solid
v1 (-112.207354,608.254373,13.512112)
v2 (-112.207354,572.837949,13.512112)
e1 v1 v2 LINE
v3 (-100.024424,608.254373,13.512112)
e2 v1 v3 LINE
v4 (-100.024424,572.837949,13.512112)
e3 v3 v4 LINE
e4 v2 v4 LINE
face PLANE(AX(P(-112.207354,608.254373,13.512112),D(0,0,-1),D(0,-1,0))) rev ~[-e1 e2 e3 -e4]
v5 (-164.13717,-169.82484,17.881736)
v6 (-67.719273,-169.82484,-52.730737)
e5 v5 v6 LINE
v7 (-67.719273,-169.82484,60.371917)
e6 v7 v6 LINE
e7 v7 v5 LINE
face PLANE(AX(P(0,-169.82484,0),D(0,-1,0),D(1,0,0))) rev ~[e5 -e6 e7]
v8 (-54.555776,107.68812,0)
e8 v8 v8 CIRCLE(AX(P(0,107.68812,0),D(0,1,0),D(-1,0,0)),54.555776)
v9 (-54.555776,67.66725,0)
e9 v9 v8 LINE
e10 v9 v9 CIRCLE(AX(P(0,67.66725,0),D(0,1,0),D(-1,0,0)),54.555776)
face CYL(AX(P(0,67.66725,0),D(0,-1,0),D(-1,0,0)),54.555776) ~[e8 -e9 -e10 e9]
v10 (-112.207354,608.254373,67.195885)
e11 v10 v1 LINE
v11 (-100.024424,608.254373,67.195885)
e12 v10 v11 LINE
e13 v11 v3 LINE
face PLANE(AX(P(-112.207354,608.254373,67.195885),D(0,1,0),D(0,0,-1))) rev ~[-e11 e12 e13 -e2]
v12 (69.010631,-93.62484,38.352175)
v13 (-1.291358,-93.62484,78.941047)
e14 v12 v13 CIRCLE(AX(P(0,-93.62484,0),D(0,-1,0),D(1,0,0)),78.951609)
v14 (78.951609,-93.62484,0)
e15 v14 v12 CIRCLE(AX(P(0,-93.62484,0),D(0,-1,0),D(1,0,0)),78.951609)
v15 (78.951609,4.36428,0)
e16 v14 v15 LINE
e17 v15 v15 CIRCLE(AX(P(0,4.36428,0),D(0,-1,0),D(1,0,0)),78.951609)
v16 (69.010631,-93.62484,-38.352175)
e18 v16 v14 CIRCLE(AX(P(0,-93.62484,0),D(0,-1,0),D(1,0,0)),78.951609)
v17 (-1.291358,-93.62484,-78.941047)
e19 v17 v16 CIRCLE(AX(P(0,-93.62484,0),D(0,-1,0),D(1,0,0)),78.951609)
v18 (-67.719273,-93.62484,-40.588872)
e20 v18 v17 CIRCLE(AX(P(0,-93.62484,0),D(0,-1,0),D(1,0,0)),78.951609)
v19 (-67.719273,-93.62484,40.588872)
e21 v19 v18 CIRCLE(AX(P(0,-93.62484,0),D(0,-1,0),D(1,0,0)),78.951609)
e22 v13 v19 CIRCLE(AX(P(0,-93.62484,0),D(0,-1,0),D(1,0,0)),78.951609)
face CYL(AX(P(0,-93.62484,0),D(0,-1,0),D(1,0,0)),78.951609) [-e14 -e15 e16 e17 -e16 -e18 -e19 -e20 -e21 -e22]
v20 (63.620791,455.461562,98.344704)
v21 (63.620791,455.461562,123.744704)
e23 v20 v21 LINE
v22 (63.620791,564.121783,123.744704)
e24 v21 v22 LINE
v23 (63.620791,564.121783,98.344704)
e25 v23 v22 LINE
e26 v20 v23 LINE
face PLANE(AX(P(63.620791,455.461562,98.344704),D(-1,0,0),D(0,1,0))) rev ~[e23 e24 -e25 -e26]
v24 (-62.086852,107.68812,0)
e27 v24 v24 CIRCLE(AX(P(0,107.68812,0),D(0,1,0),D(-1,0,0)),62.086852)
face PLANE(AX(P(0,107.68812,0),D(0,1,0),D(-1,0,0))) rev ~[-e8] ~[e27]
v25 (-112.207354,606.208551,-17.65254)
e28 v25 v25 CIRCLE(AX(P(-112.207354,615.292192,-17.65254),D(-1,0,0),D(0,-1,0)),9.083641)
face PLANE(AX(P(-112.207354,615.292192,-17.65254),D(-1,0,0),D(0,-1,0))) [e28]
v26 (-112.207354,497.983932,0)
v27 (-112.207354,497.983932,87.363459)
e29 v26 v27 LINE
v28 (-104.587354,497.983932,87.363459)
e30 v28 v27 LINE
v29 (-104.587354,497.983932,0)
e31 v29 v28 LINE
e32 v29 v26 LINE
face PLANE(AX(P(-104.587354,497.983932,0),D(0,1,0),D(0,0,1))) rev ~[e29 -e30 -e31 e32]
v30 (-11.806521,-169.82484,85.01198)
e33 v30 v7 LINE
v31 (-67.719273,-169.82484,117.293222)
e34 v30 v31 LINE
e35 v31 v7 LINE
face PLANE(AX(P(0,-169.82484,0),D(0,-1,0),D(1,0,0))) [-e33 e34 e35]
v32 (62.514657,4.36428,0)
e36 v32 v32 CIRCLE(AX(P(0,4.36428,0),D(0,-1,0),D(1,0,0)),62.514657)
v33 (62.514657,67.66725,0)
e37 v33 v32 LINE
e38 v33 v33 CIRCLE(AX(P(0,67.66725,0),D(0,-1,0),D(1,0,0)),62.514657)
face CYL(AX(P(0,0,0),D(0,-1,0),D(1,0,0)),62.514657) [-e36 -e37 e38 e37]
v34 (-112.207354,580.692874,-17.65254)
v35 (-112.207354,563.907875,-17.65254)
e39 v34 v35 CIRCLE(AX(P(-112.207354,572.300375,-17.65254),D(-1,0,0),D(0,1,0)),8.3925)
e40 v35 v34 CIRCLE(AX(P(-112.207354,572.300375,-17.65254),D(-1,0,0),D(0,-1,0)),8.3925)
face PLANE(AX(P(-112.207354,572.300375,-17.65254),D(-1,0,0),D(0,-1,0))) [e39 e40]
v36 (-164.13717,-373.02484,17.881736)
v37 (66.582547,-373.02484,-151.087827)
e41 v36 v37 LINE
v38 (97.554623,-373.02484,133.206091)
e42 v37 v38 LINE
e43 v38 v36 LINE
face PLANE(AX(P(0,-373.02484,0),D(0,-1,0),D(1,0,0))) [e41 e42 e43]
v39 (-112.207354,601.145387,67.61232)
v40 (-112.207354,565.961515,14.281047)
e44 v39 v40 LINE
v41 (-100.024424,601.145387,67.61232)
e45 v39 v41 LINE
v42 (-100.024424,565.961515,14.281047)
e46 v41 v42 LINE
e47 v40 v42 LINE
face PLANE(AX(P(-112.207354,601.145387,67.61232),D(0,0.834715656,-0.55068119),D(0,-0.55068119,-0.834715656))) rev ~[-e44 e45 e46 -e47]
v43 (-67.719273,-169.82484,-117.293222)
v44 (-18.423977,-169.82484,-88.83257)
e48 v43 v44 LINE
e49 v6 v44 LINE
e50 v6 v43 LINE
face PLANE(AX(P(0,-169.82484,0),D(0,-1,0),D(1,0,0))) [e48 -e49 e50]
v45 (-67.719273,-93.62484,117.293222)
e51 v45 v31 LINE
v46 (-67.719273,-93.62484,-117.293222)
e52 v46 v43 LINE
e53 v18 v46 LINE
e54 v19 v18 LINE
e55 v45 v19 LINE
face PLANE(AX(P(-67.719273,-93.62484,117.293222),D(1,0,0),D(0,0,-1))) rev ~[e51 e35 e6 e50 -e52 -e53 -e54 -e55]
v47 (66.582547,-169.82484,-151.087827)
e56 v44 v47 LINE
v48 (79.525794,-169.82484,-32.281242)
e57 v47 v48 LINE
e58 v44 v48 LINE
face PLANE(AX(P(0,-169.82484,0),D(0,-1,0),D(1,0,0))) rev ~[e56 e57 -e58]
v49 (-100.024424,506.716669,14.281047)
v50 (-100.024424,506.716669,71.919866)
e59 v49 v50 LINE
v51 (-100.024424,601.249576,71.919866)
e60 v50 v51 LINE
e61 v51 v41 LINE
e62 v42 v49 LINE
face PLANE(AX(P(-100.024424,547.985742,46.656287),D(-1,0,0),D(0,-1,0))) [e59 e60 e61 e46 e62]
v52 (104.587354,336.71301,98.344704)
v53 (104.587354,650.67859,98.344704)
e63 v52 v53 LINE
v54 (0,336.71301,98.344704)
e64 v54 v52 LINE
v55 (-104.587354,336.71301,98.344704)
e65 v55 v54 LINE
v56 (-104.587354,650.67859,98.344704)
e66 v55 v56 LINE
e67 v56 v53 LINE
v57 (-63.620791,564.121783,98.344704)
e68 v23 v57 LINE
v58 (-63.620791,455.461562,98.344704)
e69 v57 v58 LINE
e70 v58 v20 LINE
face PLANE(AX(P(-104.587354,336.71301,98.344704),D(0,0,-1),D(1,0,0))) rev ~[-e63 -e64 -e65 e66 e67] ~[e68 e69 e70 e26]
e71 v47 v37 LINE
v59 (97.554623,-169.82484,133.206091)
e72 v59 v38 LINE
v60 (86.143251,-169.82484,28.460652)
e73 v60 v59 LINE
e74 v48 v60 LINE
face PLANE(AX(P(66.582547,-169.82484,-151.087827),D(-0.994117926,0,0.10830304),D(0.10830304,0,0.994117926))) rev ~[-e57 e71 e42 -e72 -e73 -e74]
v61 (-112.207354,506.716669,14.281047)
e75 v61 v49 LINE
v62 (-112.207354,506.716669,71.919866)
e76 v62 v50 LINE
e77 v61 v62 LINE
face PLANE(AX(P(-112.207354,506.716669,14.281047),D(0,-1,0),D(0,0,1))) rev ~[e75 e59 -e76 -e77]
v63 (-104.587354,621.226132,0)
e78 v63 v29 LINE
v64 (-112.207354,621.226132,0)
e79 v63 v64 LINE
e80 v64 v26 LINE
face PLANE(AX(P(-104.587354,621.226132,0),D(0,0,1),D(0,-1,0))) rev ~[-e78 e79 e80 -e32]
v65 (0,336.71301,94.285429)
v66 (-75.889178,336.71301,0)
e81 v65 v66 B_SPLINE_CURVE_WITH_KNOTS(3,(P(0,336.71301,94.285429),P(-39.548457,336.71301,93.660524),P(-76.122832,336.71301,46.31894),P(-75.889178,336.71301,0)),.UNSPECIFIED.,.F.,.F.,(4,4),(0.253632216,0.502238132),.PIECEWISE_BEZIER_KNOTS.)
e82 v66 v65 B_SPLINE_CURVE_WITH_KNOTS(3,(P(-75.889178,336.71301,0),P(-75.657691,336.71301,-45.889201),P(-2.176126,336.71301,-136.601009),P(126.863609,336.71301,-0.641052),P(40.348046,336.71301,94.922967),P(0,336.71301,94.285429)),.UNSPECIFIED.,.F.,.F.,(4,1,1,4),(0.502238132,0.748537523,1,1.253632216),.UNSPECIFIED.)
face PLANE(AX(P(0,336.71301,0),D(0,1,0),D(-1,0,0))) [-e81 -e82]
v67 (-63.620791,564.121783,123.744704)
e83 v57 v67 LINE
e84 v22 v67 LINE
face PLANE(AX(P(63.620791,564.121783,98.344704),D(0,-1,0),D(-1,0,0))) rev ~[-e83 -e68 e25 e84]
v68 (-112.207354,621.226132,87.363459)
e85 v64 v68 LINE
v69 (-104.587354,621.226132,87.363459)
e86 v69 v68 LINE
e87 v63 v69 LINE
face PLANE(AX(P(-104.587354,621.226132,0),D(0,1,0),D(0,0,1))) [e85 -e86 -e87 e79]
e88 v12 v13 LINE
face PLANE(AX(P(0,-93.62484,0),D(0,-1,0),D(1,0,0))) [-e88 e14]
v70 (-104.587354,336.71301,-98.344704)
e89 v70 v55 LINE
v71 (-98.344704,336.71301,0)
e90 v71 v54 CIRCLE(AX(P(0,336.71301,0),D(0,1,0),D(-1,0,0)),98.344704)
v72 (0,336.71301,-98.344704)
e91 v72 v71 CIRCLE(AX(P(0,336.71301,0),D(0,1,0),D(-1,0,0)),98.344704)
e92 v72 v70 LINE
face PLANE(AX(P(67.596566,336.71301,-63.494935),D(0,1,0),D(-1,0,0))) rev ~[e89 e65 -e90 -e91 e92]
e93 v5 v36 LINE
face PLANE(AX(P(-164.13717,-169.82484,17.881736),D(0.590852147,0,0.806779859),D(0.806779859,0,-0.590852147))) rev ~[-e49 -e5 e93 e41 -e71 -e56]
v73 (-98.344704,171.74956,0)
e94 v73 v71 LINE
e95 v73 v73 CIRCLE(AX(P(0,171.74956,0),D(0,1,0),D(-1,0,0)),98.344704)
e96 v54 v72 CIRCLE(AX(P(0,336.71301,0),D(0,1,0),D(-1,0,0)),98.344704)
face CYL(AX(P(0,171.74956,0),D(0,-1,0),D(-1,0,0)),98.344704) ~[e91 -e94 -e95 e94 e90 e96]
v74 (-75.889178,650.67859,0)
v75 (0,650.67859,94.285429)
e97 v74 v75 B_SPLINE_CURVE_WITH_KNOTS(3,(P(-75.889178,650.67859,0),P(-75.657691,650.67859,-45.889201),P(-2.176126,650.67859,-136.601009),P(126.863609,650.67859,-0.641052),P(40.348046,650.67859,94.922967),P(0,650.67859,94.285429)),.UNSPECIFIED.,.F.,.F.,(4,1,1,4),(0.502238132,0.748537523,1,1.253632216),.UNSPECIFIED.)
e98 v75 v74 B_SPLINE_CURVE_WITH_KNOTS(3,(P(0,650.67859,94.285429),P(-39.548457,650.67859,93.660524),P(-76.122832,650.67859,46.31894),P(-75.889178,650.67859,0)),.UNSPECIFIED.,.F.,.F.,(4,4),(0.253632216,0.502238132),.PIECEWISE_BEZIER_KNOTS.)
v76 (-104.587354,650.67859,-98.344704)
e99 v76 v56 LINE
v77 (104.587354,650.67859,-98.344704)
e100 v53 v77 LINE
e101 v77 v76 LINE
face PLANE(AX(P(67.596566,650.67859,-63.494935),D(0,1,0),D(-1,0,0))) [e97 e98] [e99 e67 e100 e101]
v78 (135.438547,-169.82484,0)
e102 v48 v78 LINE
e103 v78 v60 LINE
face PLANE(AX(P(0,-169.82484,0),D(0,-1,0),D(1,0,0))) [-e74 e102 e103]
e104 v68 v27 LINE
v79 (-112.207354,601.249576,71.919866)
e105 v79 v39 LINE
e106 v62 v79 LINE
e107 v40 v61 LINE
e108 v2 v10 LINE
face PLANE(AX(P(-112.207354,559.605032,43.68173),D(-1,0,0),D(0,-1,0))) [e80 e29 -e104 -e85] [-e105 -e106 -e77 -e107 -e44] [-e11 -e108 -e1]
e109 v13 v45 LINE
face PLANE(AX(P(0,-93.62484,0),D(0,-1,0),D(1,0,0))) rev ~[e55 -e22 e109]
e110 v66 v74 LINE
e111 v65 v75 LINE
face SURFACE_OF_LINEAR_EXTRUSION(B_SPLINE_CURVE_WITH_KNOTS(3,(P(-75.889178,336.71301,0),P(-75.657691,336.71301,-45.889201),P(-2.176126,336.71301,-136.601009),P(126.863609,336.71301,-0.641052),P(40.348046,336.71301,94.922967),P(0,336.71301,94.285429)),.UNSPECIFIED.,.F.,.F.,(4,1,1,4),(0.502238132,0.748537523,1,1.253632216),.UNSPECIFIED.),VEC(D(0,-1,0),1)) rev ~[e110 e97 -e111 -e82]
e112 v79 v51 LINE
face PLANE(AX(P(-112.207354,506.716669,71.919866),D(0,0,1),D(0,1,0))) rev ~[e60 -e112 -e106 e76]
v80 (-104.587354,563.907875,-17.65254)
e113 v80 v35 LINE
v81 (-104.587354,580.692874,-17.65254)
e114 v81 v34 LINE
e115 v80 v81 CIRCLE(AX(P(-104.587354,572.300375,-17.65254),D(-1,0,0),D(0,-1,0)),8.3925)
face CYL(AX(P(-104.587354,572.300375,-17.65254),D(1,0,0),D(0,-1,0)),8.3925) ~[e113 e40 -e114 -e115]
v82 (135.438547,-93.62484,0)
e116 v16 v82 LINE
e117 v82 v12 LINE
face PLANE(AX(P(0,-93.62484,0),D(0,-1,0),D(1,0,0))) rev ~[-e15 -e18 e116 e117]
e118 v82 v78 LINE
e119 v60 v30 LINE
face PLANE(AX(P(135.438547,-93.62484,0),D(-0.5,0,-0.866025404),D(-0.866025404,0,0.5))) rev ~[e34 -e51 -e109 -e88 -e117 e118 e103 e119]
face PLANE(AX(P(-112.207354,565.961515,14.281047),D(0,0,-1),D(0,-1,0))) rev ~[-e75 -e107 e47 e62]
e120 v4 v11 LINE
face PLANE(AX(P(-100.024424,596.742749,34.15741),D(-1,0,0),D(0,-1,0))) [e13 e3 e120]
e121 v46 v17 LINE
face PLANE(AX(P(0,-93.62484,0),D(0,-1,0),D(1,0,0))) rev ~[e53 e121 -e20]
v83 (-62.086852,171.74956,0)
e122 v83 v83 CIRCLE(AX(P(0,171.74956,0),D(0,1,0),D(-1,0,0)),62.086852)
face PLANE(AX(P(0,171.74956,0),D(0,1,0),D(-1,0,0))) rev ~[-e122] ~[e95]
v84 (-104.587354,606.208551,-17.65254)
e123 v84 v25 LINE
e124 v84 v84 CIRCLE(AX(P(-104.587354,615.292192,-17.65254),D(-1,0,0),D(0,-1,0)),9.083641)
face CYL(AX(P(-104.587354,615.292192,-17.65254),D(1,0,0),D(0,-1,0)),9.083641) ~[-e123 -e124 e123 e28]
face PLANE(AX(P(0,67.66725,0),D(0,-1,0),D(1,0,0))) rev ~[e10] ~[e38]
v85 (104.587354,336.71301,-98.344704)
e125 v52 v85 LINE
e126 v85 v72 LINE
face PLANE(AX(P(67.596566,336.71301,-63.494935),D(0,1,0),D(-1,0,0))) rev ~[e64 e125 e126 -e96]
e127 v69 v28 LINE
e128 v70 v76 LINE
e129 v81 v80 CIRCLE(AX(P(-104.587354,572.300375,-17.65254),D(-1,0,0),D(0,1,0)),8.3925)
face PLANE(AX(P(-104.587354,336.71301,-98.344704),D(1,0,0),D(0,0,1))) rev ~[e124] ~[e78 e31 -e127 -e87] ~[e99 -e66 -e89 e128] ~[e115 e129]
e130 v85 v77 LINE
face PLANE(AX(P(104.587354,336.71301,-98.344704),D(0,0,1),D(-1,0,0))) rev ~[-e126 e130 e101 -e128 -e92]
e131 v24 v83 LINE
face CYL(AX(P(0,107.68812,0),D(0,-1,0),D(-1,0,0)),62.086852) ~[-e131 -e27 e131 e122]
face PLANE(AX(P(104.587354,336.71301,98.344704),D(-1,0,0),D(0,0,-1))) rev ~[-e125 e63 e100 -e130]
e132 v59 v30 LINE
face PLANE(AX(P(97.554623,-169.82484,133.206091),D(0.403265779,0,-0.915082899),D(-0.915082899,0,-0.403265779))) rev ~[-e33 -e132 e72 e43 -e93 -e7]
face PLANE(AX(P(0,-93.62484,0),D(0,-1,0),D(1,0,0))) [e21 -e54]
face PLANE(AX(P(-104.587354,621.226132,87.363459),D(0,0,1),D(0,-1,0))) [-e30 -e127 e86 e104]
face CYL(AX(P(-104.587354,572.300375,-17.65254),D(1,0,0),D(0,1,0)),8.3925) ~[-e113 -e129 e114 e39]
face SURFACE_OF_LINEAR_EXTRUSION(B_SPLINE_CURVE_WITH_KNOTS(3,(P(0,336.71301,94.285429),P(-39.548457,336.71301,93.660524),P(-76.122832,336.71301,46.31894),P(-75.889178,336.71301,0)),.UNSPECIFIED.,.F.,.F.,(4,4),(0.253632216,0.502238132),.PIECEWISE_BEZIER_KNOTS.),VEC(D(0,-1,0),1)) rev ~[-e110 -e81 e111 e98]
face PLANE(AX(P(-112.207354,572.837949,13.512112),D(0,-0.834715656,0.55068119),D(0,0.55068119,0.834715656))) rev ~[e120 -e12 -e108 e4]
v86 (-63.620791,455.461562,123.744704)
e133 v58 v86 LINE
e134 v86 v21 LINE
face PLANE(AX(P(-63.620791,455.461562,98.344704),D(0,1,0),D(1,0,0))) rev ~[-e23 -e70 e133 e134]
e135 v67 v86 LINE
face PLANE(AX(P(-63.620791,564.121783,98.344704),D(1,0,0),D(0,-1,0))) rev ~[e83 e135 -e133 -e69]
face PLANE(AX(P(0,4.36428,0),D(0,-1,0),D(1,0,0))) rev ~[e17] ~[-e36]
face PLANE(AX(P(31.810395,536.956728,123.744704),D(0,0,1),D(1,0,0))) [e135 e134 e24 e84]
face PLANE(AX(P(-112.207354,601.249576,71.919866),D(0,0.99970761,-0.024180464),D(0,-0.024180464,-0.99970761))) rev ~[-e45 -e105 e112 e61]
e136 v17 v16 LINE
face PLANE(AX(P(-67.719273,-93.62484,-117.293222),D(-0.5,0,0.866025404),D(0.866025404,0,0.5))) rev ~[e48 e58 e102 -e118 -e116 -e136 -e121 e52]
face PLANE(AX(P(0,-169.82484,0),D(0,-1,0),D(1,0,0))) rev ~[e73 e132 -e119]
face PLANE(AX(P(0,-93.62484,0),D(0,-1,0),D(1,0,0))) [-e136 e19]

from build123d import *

# Parameters (mm, degrees)
F0_R          = 62.5146568837
F1_DEPTH      = 93.62484
F1_DEPTH_BACK = 67.66725
F2_R          = 78.9516087872
F3_DEPTH      = 97.98912
F4_R          = 54.5557763687
F5_DEPTH      = 40.02087
F6_R          = 62.0868515923
F7_DEPTH      = 64.06144
F8_R          = 98.3447043225
F9_DEPTH      = 164.96345
F11_DEPTH     = 313.96558
F12_W         = 63.6207908392
F12_H         = 54.3301105499
F13_DEPTH     = 25.4
F15_DEPTH     = 76.2
F17_DEPTH     = 203.2
F18_W         = 123.2421994209
F18_H         = 87.3634591699
F18_R         = 9.0836409793
F20_DEPTH     = 7.62
F22_DEPTH     = 12.18293


with BuildPart() as f1:
    # F0 (on Front) → F1 (new body, two sides)
    with BuildSketch(Plane.XZ) as f1_sk:
        Circle(F0_R)
    extrude(amount=F1_DEPTH)
    extrude(f1_sk.sketch, amount=-F1_DEPTH_BACK)

    # F2 (on face) → F3 (join)
    with BuildSketch(Plane.XZ.offset(93.62484)):
        Circle(F2_R)
    extrude(amount=-F3_DEPTH)

    # F4 (on face) → F5 (join)
    with BuildSketch(Plane(origin=(0, 67.66725, 0), x_dir=(-1, 0, 0), z_dir=(0, 1, 0))):
        Circle(F4_R)
    extrude(amount=F5_DEPTH)

    # F6 (on face) → F7 (join)
    with BuildSketch(Plane(origin=(0, 107.68812, 0), x_dir=(-1, 0, 0), z_dir=(0, 1, 0))):
        Circle(F6_R)
    extrude(amount=F7_DEPTH)

    # F8 (on face) → F9 (join)
    with BuildSketch(Plane(origin=(0, 171.74956, 0), x_dir=(-1, 0, 0), z_dir=(0, 1, 0))):
        Circle(F8_R)
    extrude(amount=F9_DEPTH)

    # F10 (on face) → F11 (join)
    with BuildSketch(Plane(origin=(0, 336.71301, 0), x_dir=(-1, 0, 0), z_dir=(0, 1, 0))):
        with BuildLine():
            add(Edge.make_bspline(
                [(0, -91.3981422782), (-40.1217959726, -92.0347084682), (-83.3063936827, -46.5341806253), (-83.5479795933, 0)],
                knots=[0.748537523, 0.748537523, 0.748537523, 0.748537523, 1, 1, 1, 1], degree=3))
            Line((-83.5479795933, 0), (-104.587353766, 0))
            Line((-104.587353766, 0), (-104.587353766, -98.3447043225))
            Line((-104.587353766, -98.3447043225), (0, -98.3447043225))
            Line((0, -98.3447043225), (0, -91.3981422782))
        make_face()
        with BuildLine():
            Line((-104.587353766, 0), (-83.5479795933, 0))
            add(Edge.make_bspline(
                [(-83.5479795933, 0), (-83.7916500228, 46.9356998238), (-40.34804577, 94.9229670887), (0, 94.285428524)],
                knots=[0, 0, 0, 0, 0.2536322157, 0.2536322157, 0.2536322157, 0.2536322157], degree=3))
            Line((0, 94.285428524), (0, 98.3447043225))
            Line((0, 98.3447043225), (-104.587353766, 98.3447043225))
            Line((-104.587353766, 98.3447043225), (-104.587353766, 0))
        make_face()
        with BuildLine():
            Line((0, 98.3447043225), (0, 94.285428524))
            add(Edge.make_bspline(
                [(0, 94.285428524), (39.5484573968, 93.6605242373), (76.1228316851, 46.3189404004), (75.8891776204, 0)],
                knots=[0.2536322157, 0.2536322157, 0.2536322157, 0.2536322157, 0.5022381317, 0.5022381317, 0.5022381317, 0.5022381317], degree=3))
            Line((75.8891776204, 0), (104.587353766, 0))
            Line((104.587353766, 0), (104.587353766, 98.3447043225))
            Line((104.587353766, 98.3447043225), (0, 98.3447043225))
        make_face()
        with BuildLine():
            Line((104.587353766, 0), (75.8891776204, 0))
            add(Edge.make_bspline(
                [(75.8891776204, 0), (75.6576913596, -45.8892009211), (39.2980059924, -90.7746462122), (0, -91.3981422782)],
                knots=[0.5022381317, 0.5022381317, 0.5022381317, 0.5022381317, 0.748537523, 0.748537523, 0.748537523, 0.748537523], degree=3))
            Line((0, -91.3981422782), (0, -98.3447043225))
            Line((0, -98.3447043225), (104.587353766, -98.3447043225))
            Line((104.587353766, -98.3447043225), (104.587353766, 0))
        make_face()
    extrude(amount=F11_DEPTH)

    # F12 (on face) → F13 (join)
    with BuildSketch(Plane.XY.offset(98.3447043225)):
        with Locations((31.8103954196, 536.9567275047)):
            Rectangle(F12_W, F12_H)
        with Locations((-31.8103954196, 536.9567275047)):
            Rectangle(F12_W, F12_H)
        with Locations((31.8103954196, 482.6266169548)):
            Rectangle(F12_W, F12_H)
        with Locations((-31.8103954196, 482.6266169548)):
            Rectangle(F12_W, F12_H)
    extrude(amount=F13_DEPTH)

    # F14 (on face) → F15 (join)
    with BuildSketch(Plane.XZ.offset(93.62484)):
        Polygon((-67.7192732692, 117.2932219539), (-67.7192732692, -117.2932219539), (135.4385465384, 0), align=None)
    extrude(amount=F15_DEPTH)

    # F16 (on face) → F17 (join)
    with BuildSketch(Plane.XZ.offset(169.82484)):
        Polygon((97.5546226371, 133.206090602), (-164.1371697187, 17.8817361593), (66.5825470816, -151.0878267614), align=None)
    extrude(amount=F17_DEPTH)

    # F18 (on face) → F20 (join)
    with BuildSketch(Plane(origin=(-104.587353766, 0, 0), x_dir=(0, -1, 0), z_dir=(-1, 0, 0))):
        with Locations((-559.6050322056, 43.6817295849)):
            Rectangle(F18_W, F18_H)
        with Locations((-615.2921915054, -17.6525395364)):
            Circle(F18_R)
        with BuildLine():
            ThreePointArc((-563.9078745674, -17.6525395364), (-572.3003745079, -9.2600395959), (-580.6928744484, -17.6525395364))
            ThreePointArc((-580.6928744484, -17.6525395364), (-572.3003745079, -26.0450394768), (-563.9078745674, -17.6525395364))
        make_face()
    extrude(amount=F20_DEPTH)

    # F21 (on face) → F22 (cut)
    with BuildSketch(Plane(origin=(-112.207353766, 0, 0), x_dir=(0, -1, 0), z_dir=(-1, 0, 0))):
        Polygon((-572.8379487991, 13.5121122003), (-608.2543730736, 67.1958848834), (-608.2543730736, 13.5121122003), align=None)
        Polygon((-601.2495756149, 71.9198659062), (-601.1453866959, 67.6123201847), (-565.961514646, 14.2810472532), (-506.7166686058, 14.2810472532), (-506.7166686058, 71.9198659062), align=None)
    extrude(amount=-F22_DEPTH, mode=Mode.SUBTRACT)


solid = f1.part
